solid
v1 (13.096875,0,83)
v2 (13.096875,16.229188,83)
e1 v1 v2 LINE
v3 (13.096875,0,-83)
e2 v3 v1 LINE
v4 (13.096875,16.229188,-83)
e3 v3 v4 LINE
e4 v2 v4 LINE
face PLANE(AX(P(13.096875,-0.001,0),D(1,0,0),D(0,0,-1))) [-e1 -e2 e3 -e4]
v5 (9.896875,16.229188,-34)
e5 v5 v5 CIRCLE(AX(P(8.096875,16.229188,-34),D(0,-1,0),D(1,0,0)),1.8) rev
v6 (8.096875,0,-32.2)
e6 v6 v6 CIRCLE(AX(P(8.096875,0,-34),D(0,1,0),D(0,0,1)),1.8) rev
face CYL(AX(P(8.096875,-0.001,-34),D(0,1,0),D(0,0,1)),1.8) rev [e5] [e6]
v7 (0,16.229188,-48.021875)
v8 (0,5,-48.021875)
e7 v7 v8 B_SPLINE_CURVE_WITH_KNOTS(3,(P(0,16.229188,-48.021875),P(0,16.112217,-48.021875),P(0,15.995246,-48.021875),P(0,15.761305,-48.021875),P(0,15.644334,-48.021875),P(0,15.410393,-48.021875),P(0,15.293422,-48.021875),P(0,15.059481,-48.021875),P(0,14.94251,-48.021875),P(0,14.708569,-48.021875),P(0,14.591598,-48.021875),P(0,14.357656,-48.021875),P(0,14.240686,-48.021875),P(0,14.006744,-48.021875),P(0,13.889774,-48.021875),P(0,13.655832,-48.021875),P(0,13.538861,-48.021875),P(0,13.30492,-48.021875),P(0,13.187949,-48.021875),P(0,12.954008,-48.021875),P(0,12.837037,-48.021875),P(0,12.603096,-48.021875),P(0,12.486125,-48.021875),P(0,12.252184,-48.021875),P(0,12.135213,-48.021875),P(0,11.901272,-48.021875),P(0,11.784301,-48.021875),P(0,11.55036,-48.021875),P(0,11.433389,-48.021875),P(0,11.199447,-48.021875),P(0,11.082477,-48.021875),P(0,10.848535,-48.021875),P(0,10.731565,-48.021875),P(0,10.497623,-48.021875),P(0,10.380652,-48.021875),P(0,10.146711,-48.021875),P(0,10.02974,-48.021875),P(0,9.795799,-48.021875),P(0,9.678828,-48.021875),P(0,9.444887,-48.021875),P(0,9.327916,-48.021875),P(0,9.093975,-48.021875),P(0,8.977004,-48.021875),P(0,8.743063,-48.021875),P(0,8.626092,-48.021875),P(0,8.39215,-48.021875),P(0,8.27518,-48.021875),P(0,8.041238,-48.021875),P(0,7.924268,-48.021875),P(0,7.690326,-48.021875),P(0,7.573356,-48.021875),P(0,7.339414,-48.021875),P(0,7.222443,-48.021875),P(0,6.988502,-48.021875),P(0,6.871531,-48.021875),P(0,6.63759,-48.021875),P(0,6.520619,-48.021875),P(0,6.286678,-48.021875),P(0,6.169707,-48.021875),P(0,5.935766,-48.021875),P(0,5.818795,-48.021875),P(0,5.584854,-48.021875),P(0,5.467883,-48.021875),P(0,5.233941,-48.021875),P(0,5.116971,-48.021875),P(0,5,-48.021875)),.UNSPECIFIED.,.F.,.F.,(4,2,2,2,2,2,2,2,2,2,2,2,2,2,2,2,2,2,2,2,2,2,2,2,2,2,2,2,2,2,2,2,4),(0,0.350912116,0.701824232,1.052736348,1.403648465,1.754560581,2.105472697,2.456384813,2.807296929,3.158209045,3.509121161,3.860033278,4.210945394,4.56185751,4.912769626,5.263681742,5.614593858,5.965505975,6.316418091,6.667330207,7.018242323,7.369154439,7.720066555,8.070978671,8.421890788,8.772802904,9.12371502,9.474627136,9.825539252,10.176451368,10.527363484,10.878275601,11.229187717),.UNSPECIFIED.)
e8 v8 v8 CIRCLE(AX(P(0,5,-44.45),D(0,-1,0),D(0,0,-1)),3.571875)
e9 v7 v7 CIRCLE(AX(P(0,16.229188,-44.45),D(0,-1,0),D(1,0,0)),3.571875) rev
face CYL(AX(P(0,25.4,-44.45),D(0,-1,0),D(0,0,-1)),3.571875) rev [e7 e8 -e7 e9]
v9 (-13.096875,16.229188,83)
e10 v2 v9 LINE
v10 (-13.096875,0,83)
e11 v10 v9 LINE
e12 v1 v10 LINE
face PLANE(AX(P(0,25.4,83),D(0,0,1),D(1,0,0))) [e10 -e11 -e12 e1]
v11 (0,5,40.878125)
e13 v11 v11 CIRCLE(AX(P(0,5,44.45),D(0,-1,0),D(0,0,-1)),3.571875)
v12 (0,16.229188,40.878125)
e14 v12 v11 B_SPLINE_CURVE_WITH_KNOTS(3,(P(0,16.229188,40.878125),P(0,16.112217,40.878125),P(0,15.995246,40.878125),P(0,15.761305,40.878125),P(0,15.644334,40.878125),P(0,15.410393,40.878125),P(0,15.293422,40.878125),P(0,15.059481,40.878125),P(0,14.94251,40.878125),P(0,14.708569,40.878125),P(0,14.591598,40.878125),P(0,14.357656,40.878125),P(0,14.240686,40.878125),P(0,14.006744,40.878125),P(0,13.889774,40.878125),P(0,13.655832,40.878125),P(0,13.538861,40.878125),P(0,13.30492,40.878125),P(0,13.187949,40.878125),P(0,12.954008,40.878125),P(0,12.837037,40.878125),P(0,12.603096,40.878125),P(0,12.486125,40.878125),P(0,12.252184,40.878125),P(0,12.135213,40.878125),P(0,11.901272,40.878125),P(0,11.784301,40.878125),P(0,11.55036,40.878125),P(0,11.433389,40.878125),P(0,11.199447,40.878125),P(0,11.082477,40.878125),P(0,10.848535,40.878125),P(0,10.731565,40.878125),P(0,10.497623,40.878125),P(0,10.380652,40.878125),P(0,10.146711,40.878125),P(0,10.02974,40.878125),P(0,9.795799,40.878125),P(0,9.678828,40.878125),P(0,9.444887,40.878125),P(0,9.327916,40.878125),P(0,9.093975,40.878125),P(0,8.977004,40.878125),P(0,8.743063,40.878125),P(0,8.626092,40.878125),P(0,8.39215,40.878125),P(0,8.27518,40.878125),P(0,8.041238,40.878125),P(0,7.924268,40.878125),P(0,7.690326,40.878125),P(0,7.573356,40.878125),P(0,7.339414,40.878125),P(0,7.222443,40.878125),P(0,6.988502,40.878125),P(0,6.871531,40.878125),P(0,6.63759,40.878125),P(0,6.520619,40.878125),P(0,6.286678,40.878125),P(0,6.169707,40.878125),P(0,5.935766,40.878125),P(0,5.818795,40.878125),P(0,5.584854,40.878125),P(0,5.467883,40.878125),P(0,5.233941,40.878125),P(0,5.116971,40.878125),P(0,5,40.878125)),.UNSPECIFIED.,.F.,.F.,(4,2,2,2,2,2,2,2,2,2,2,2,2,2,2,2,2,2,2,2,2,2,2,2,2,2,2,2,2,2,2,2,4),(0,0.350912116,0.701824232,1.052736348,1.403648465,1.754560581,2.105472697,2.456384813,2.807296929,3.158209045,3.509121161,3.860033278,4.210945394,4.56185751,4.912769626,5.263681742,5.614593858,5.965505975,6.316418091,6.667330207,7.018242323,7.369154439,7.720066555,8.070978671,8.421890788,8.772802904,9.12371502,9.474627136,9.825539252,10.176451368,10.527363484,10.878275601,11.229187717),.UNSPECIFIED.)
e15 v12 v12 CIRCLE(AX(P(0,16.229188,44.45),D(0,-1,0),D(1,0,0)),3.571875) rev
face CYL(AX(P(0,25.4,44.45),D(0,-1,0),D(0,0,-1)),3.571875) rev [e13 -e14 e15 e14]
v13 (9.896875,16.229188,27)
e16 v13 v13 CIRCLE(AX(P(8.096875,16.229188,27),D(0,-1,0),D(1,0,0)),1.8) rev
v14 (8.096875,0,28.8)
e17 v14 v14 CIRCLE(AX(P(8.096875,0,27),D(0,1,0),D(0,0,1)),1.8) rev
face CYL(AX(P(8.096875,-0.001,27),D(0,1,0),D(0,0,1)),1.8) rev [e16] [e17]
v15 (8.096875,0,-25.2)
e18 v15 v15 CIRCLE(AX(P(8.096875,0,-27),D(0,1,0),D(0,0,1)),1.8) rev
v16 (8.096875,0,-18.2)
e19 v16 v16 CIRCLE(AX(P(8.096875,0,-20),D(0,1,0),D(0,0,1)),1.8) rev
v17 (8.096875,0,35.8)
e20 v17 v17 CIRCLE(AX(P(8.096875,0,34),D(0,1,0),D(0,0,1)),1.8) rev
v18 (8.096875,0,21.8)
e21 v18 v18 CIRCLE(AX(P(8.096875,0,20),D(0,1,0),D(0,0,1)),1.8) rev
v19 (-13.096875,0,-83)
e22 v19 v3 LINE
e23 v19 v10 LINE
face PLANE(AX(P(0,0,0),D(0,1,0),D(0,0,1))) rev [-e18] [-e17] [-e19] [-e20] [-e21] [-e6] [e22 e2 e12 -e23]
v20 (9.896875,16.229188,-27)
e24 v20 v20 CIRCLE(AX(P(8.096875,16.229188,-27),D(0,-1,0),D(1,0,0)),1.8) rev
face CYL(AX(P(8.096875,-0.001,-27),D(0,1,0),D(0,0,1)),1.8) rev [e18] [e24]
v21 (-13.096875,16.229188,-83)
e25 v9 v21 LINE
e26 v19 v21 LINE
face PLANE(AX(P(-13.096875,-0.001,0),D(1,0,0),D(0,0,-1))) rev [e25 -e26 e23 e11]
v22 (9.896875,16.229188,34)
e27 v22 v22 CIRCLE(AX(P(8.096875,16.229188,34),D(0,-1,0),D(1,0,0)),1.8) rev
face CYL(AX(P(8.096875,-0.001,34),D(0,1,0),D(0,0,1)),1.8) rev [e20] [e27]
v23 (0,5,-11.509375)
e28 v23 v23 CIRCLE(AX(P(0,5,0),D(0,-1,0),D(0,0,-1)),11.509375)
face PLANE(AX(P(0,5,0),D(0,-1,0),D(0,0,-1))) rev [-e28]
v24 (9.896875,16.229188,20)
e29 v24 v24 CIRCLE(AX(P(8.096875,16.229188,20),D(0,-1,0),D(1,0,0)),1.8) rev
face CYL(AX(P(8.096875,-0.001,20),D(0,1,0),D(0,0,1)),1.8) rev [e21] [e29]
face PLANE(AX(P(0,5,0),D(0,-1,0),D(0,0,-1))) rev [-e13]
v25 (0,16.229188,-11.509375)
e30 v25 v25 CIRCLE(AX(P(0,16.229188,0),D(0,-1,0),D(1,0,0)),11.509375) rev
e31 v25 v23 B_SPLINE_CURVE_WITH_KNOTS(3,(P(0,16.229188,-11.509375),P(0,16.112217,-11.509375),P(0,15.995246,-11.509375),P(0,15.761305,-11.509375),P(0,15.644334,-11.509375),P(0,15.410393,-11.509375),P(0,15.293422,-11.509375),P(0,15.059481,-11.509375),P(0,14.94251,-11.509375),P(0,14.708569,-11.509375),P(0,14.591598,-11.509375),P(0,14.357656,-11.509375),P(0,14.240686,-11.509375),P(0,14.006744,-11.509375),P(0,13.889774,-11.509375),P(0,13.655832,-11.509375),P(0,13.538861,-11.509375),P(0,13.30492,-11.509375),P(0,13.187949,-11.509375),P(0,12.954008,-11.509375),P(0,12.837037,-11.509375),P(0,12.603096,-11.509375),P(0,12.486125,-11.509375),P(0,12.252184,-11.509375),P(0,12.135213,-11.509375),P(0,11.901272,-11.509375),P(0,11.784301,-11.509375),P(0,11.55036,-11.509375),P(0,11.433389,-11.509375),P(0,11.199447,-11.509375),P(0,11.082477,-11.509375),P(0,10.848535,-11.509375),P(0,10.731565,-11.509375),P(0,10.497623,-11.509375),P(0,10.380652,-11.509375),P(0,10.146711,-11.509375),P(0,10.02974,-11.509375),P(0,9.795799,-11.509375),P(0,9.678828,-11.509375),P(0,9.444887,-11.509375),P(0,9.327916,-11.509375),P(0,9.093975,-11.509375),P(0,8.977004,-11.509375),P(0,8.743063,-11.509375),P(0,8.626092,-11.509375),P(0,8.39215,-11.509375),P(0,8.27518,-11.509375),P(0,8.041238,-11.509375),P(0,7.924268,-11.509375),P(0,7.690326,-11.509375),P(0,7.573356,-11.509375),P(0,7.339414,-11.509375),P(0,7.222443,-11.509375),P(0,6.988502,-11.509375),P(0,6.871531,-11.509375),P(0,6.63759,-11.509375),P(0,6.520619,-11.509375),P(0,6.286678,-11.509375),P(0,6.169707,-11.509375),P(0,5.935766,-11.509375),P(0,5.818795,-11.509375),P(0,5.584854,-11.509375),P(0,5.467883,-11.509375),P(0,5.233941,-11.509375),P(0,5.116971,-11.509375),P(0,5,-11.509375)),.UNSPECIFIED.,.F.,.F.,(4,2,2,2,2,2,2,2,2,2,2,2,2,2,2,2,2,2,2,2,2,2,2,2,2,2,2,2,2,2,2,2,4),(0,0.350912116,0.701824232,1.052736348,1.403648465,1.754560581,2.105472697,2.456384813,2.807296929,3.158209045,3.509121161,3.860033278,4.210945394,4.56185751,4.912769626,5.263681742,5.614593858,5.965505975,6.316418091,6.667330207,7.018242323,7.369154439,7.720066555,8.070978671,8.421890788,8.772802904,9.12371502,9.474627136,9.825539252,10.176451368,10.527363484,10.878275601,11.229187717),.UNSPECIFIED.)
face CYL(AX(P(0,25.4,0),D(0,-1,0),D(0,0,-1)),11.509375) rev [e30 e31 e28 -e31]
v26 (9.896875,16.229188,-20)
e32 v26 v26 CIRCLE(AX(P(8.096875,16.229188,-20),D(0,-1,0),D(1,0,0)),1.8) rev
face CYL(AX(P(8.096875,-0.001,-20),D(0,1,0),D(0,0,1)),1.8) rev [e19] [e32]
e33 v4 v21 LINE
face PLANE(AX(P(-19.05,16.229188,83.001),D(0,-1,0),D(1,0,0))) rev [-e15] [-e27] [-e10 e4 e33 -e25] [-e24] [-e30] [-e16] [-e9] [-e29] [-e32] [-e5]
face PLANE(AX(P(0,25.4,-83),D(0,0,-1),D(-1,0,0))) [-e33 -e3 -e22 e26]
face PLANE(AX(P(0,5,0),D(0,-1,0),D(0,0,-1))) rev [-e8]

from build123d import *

# Parameters (mm, degrees)
SKETCH1_W         = 38.1
SKETCH1_H         = 166
SKETCH1_R         = 11.509375
SKETCH1_R_2       = 3.571875
EXTRUSION1_DEPTH  = 25.4
EXTRUSION15_REACH = 171.009
SKETCH2_W         = 38.1
SKETCH2_H         = 9.170812283
EXTRUSION18_REACH = 90.865
SKETCH4_R         = 1.8
SKETCH4_W         = 5.953125
SKETCH4_H         = 166
SKETCH5_R         = 3.571875
SKETCH5_R_2       = 11.509375
EXTRUSION19_DEPTH = 5


with BuildPart() as part:
    # Sketch1 → Extrusion1 (new body)
    with BuildSketch(Plane(origin=(0, 0, 0), x_dir=(-1, 0, 0), z_dir=(0, 1, 0))):
        Rectangle(SKETCH1_W, SKETCH1_H)
        with Locations(Location((0, 0, 0), (0, 0, 270))):
            Circle(SKETCH1_R, mode=Mode.SUBTRACT)
        with Locations(Location((0, -44.45, 0), (0, 0, 270))):
            Circle(SKETCH1_R_2, mode=Mode.SUBTRACT)
        with Locations(Location((0, 44.45, 0), (0, 0, 270))):
            Circle(SKETCH1_R_2, mode=Mode.SUBTRACT)
    extrude(amount=EXTRUSION1_DEPTH)

    # Sketch2 → Extrusion15 (cut, up to next)
    with BuildSketch(Plane(origin=(0, 0, -83), x_dir=(-1, 0, 0), z_dir=(0, 0, -1)), mode=Mode.PRIVATE) as extrusion15_sk1:
        with Locations((0, 20.814593859)):
            Rectangle(SKETCH2_W, SKETCH2_H)
    extrusion15_tool1 = extrude(extrusion15_sk1.sketch, amount=-EXTRUSION15_REACH, mode=Mode.PRIVATE) & part.part
    add(extrusion15_tool1.solids().sort_by_distance((0, 20.814594, -83))[0], mode=Mode.SUBTRACT)

    # Sketch4 → Extrusion18 (cut, up to next)
    with BuildSketch(Plane(origin=(0, 25.4, 0), x_dir=(1, 0, 0), z_dir=(0, 1, 0)), mode=Mode.PRIVATE) as extrusion18_sk1:
        with Locations(Location((8.096875, -34, 0), (0, 0, 270))):
            Circle(SKETCH4_R)
    extrusion18_tool1 = extrude(extrusion18_sk1.sketch, amount=-EXTRUSION18_REACH, mode=Mode.PRIVATE) & part.part
    # Sketch4 → Extrusion18 (cut, up to next)
    with BuildSketch(Plane(origin=(0, 25.4, 0), x_dir=(1, 0, 0), z_dir=(0, 1, 0)), mode=Mode.PRIVATE) as extrusion18_sk2:
        with Locations(Location((8.096875, -27, 0), (0, 0, 270))):
            Circle(SKETCH4_R)
    extrusion18_tool2 = extrude(extrusion18_sk2.sketch, amount=-EXTRUSION18_REACH, mode=Mode.PRIVATE) & part.part
    # Sketch4 → Extrusion18 (cut, up to next)
    with BuildSketch(Plane(origin=(0, 25.4, 0), x_dir=(1, 0, 0), z_dir=(0, 1, 0)), mode=Mode.PRIVATE) as extrusion18_sk3:
        with Locations(Location((8.096875, -20, 0), (0, 0, 270))):
            Circle(SKETCH4_R)
    extrusion18_tool3 = extrude(extrusion18_sk3.sketch, amount=-EXTRUSION18_REACH, mode=Mode.PRIVATE) & part.part
    # Sketch4 → Extrusion18 (cut, up to next)
    with BuildSketch(Plane(origin=(0, 25.4, 0), x_dir=(1, 0, 0), z_dir=(0, 1, 0)), mode=Mode.PRIVATE) as extrusion18_sk4:
        with Locations(Location((8.096875, 20, 0), (0, 0, 270))):
            Circle(SKETCH4_R)
    extrusion18_tool4 = extrude(extrusion18_sk4.sketch, amount=-EXTRUSION18_REACH, mode=Mode.PRIVATE) & part.part
    # Sketch4 → Extrusion18 (cut, up to next)
    with BuildSketch(Plane(origin=(0, 25.4, 0), x_dir=(1, 0, 0), z_dir=(0, 1, 0)), mode=Mode.PRIVATE) as extrusion18_sk5:
        with Locations(Location((8.096875, 27, 0), (0, 0, 270))):
            Circle(SKETCH4_R)
    extrusion18_tool5 = extrude(extrusion18_sk5.sketch, amount=-EXTRUSION18_REACH, mode=Mode.PRIVATE) & part.part
    # Sketch4 → Extrusion18 (cut, up to next)
    with BuildSketch(Plane(origin=(0, 25.4, 0), x_dir=(1, 0, 0), z_dir=(0, 1, 0)), mode=Mode.PRIVATE) as extrusion18_sk6:
        with Locations(Location((8.096875, 34, 0), (0, 0, 270))):
            Circle(SKETCH4_R)
    extrusion18_tool6 = extrude(extrusion18_sk6.sketch, amount=-EXTRUSION18_REACH, mode=Mode.PRIVATE) & part.part
    # Sketch4 → Extrusion18 (cut, up to next)
    with BuildSketch(Plane(origin=(0, 25.4, 0), x_dir=(1, 0, 0), z_dir=(0, 1, 0)), mode=Mode.PRIVATE) as extrusion18_sk7:
        with Locations((-16.0734375, 0)):
            Rectangle(SKETCH4_W, SKETCH4_H)
    extrusion18_tool7 = extrude(extrusion18_sk7.sketch, amount=-EXTRUSION18_REACH, mode=Mode.PRIVATE) & part.part
    # Sketch4 → Extrusion18 (cut, up to next)
    with BuildSketch(Plane(origin=(0, 25.4, 0), x_dir=(1, 0, 0), z_dir=(0, 1, 0)), mode=Mode.PRIVATE) as extrusion18_sk8:
        with Locations((16.0734375, 0)):
            Rectangle(SKETCH4_W, SKETCH4_H)
    extrusion18_tool8 = extrude(extrusion18_sk8.sketch, amount=-EXTRUSION18_REACH, mode=Mode.PRIVATE) & part.part
    add(extrusion18_tool1.solids().sort_by_distance((8.096875, 25.4, 34))[0], mode=Mode.SUBTRACT)
    add(extrusion18_tool2.solids().sort_by_distance((8.096875, 25.4, 27))[0], mode=Mode.SUBTRACT)
    add(extrusion18_tool3.solids().sort_by_distance((8.096875, 25.4, 20))[0], mode=Mode.SUBTRACT)
    add(extrusion18_tool4.solids().sort_by_distance((8.096875, 25.4, -20))[0], mode=Mode.SUBTRACT)
    add(extrusion18_tool5.solids().sort_by_distance((8.096875, 25.4, -27))[0], mode=Mode.SUBTRACT)
    add(extrusion18_tool6.solids().sort_by_distance((8.096875, 25.4, -34))[0], mode=Mode.SUBTRACT)
    add(extrusion18_tool7.solids().sort_by_distance((-16.073437, 25.4, 0))[0], mode=Mode.SUBTRACT)
    add(extrusion18_tool8.solids().sort_by_distance((16.073438, 25.4, 0))[0], mode=Mode.SUBTRACT)

    # Sketch5 → Extrusion19 (add)
    with BuildSketch(Plane.XZ):
        with Locations(Location((0, 44.45, 0), (0, 0, 270))):
            Circle(SKETCH5_R)
        with Locations(Location((0, -44.45, 0), (0, 0, 270))):
            Circle(SKETCH5_R)
        with Locations(Location((0, 0, 0), (0, 0, 270))):
            Circle(SKETCH5_R_2)
    extrude(amount=-EXTRUSION19_DEPTH)


solid = part.part
